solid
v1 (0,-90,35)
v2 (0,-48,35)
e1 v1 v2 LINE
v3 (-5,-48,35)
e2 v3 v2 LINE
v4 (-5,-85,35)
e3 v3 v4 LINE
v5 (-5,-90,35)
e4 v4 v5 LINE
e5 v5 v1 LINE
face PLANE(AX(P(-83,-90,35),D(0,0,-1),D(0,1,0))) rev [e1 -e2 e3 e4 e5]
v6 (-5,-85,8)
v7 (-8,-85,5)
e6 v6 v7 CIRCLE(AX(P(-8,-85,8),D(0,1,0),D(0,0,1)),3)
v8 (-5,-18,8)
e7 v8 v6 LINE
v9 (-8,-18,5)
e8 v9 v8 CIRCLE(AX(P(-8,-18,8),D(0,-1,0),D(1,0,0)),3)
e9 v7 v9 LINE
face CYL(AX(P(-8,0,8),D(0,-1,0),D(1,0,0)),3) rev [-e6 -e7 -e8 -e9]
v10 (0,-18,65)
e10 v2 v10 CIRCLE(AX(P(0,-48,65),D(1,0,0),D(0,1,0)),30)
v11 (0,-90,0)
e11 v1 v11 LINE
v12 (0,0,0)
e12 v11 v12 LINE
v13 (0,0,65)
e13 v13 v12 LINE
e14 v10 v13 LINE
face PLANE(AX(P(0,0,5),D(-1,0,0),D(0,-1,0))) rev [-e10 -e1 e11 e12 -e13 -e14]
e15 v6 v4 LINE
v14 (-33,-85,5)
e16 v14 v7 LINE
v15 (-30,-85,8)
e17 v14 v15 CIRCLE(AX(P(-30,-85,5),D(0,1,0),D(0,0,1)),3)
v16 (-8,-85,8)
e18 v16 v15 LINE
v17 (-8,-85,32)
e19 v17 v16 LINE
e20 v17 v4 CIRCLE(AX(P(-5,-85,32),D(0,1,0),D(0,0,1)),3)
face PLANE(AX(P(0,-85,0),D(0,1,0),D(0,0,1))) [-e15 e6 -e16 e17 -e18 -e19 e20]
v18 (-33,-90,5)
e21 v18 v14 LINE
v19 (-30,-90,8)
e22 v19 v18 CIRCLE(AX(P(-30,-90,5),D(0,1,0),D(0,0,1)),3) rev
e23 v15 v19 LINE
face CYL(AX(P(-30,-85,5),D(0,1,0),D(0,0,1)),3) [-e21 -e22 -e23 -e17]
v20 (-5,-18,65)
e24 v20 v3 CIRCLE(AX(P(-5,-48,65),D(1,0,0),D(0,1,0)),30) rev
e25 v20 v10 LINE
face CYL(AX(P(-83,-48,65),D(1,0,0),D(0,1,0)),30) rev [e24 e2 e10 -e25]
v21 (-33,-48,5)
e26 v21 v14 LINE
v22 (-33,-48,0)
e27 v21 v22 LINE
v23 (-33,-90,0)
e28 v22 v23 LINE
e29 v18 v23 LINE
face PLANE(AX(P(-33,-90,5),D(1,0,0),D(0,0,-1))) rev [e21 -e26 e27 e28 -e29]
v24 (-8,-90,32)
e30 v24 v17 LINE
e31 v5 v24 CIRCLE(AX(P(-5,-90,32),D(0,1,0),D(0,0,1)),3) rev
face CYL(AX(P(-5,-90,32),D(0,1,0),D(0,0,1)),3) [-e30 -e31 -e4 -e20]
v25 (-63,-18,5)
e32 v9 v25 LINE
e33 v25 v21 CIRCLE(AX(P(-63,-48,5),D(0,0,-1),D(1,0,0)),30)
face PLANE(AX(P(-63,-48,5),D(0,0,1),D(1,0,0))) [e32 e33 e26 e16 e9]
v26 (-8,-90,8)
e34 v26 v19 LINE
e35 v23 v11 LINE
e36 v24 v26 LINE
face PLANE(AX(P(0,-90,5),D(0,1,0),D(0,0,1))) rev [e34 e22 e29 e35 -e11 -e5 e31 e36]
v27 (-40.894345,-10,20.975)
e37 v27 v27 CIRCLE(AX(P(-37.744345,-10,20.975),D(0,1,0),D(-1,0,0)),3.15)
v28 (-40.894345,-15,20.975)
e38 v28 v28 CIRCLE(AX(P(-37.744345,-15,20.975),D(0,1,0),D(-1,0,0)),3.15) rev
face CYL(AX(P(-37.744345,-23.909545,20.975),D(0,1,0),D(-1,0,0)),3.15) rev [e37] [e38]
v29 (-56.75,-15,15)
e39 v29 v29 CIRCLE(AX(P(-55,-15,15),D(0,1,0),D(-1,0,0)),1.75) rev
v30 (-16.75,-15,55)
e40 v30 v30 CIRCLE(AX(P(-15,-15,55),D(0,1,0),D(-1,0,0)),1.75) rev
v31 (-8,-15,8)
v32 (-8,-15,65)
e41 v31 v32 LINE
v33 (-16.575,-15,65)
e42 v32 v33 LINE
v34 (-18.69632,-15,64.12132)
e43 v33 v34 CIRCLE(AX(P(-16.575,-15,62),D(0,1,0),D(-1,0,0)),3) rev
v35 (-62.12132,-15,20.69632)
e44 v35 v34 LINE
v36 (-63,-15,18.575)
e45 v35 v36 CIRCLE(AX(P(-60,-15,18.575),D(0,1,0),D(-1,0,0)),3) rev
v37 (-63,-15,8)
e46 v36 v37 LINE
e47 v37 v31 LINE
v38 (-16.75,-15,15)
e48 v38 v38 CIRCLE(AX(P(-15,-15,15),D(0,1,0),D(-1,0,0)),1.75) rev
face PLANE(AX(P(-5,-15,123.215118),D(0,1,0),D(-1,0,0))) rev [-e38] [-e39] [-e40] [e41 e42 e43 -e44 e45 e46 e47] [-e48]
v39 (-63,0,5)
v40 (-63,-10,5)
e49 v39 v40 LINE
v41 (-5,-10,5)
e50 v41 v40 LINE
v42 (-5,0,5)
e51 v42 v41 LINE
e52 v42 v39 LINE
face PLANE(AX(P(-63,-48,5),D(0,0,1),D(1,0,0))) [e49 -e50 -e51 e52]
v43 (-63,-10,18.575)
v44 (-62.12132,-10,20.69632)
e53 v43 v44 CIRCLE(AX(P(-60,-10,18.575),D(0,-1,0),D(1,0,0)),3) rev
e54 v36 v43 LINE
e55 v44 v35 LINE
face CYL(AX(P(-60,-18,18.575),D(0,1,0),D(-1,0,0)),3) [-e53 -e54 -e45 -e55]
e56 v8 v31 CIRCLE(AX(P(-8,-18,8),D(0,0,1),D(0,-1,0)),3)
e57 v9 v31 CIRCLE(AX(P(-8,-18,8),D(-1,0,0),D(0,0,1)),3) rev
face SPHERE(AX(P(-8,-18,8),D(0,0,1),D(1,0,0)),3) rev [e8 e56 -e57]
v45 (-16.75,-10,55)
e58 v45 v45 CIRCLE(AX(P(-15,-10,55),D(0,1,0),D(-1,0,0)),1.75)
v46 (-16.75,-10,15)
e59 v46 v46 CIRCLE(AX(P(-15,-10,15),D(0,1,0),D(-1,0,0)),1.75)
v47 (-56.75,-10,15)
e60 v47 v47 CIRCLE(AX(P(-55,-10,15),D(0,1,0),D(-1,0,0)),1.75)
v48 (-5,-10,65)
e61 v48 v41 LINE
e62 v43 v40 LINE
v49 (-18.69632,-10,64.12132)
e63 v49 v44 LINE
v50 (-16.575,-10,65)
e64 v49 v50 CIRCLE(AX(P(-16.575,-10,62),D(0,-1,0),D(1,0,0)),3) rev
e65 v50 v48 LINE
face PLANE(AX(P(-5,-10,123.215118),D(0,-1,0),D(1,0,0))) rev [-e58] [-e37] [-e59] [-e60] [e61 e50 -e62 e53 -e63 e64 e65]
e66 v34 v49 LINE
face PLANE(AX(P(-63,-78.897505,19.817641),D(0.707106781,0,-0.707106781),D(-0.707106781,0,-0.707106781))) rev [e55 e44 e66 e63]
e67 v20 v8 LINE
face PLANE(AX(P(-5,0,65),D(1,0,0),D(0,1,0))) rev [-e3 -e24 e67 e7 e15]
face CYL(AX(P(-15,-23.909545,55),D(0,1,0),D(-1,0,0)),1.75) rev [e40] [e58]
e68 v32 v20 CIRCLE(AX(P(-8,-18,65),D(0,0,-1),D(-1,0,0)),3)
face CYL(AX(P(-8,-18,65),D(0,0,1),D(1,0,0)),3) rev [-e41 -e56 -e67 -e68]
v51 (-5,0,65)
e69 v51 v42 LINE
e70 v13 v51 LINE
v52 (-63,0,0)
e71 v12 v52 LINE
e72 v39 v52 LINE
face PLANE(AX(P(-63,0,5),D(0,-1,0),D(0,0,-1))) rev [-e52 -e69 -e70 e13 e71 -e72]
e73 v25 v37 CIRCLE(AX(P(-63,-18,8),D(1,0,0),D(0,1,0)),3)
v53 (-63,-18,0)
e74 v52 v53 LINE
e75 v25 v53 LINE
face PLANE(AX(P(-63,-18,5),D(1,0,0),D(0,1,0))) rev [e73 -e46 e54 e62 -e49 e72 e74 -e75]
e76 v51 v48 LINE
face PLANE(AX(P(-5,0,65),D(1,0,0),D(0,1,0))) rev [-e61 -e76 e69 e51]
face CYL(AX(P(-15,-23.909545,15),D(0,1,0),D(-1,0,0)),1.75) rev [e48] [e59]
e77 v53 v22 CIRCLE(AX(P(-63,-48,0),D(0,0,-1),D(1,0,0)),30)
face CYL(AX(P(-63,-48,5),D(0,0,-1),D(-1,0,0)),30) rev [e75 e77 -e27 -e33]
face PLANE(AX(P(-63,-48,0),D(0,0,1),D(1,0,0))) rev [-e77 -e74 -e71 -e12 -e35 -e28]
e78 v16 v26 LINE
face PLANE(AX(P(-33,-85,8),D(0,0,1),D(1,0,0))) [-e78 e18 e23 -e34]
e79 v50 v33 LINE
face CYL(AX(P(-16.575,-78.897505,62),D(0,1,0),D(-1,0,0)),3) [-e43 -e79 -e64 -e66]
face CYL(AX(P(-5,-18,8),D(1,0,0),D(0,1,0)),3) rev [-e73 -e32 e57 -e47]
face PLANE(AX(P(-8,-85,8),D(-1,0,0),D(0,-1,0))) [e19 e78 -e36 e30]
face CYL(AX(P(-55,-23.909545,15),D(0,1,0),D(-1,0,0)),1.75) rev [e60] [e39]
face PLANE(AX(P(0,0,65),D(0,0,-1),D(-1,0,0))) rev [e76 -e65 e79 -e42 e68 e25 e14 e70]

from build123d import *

# Parameters (mm, degrees)
SALIENTE_EXTRUIR1_DEPTH = 5
CROQUIS2_W              = 5
CROQUIS2_H              = 90
SALIENTE_EXTRUIR2_DEPTH = 60
CORTAR_EXTRUIR1_DEPTH   = 5
SALIENTE_EXTRUIR3_DEPTH = 5
REDONDEO1_R             = 3
CROQUIS5_W              = 58
CROQUIS5_H              = 5
SALIENTE_EXTRUIR4_DEPTH = 60
CORTAR_EXTRUIR2_DEPTH   = 5
REDONDEO2_R             = 3
REDONDEO3_R             = 3
CROQUIS7_R              = 1.75
CROQUIS7_R_2            = 3.15
CORTAR_EXTRUIR3_DEPTH   = 5


with BuildPart() as part:
    # Croquis1 → Saliente-Extruir1 (new body)
    with BuildSketch(Plane.XY):
        with BuildLine():
            Line((-63, 0), (0, 0))
            Line((0, 0), (0, -90))
            Line((0, -90), (-33, -90))
            Line((-33, -90), (-33, -48))
            ThreePointArc((-33, -48), (-41.786797, -26.786797), (-63, -18))
            Line((-63, -18), (-63, 0))
        make_face()
    extrude(amount=SALIENTE_EXTRUIR1_DEPTH)

    # Croquis2 → Saliente-Extruir2 (add)
    with BuildSketch(Plane.XY.offset(5)):
        with Locations((-2.5, -45)):
            Rectangle(CROQUIS2_W, CROQUIS2_H)
    extrude(amount=SALIENTE_EXTRUIR2_DEPTH)

    # Croquis3 → Cortar-Extruir1 (cut)
    with BuildSketch(Plane(origin=(0, 0, 0), x_dir=(0, 0, -1), z_dir=(1, 0, 0))):
        with BuildLine():
            Line((-65, -90), (-35, -90))
            Line((-35, -90), (-35, -48))
            ThreePointArc((-35, -48), (-43.786797, -26.786797), (-65, -18))
            Line((-65, -18), (-65, -90))
        make_face()
    extrude(amount=-CORTAR_EXTRUIR1_DEPTH, mode=Mode.SUBTRACT)

    # Croquis4 → Saliente-Extruir3 (add)
    with BuildSketch(Plane.XZ.offset(90)):
        Polygon((-33, 8), (-8, 8), (-8, 35), (-5, 35), (-5, 5), (-33, 5), align=None)
    extrude(amount=-SALIENTE_EXTRUIR3_DEPTH)

    # Redondeo1
    redondeo1_edges = [part.edges().sort_by_distance(p)[0] for p in [
        (-33, -87.5, 8),
        (-8, -87.5, 35),
    ]]
    fillet(redondeo1_edges, radius=REDONDEO1_R)

    # Croquis5 → Saliente-Extruir4 (add)
    with BuildSketch(Plane.XY.offset(5)):
        with Locations((-34, -12.5)):
            Rectangle(CROQUIS5_W, CROQUIS5_H)
    extrude(amount=SALIENTE_EXTRUIR4_DEPTH)

    # Croquis6 → Cortar-Extruir2 (cut)
    with BuildSketch(Plane(origin=(0, -10, 0), x_dir=(1, 0, 0), z_dir=(0, 1, 0))):
        Polygon((-63, -19.817641), (-17.817641, -65), (-63, -65), align=None)
    extrude(amount=-CORTAR_EXTRUIR2_DEPTH, mode=Mode.SUBTRACT)

    # Redondeo2
    redondeo2_edges = [part.edges().sort_by_distance(p)[0] for p in [
        (-63, -12.5, 19.817641),
        (-17.817641, -12.5, 65),
    ]]
    fillet(redondeo2_edges, radius=REDONDEO2_R)

    # Redondeo3
    redondeo3_edges = [part.edges().sort_by_distance(p)[0] for p in [
        (-34, -15, 5),
        (-5, -15, 35),
        (-5, -50, 5),
    ]]
    fillet(redondeo3_edges, radius=REDONDEO3_R)

    # Croquis7 → Cortar-Extruir3 (cut)
    with BuildSketch(Plane(origin=(0, -10, 0), x_dir=(1, 0, 0), z_dir=(0, 1, 0))):
        with Locations((-15, -55)):
            Circle(CROQUIS7_R)
        with Locations((-15, -15)):
            Circle(CROQUIS7_R)
        with Locations((-55, -15)):
            Circle(CROQUIS7_R)
        with Locations((-37.744345, -20.975)):
            Circle(CROQUIS7_R_2)
    extrude(amount=-CORTAR_EXTRUIR3_DEPTH, mode=Mode.SUBTRACT)


solid = part.part
